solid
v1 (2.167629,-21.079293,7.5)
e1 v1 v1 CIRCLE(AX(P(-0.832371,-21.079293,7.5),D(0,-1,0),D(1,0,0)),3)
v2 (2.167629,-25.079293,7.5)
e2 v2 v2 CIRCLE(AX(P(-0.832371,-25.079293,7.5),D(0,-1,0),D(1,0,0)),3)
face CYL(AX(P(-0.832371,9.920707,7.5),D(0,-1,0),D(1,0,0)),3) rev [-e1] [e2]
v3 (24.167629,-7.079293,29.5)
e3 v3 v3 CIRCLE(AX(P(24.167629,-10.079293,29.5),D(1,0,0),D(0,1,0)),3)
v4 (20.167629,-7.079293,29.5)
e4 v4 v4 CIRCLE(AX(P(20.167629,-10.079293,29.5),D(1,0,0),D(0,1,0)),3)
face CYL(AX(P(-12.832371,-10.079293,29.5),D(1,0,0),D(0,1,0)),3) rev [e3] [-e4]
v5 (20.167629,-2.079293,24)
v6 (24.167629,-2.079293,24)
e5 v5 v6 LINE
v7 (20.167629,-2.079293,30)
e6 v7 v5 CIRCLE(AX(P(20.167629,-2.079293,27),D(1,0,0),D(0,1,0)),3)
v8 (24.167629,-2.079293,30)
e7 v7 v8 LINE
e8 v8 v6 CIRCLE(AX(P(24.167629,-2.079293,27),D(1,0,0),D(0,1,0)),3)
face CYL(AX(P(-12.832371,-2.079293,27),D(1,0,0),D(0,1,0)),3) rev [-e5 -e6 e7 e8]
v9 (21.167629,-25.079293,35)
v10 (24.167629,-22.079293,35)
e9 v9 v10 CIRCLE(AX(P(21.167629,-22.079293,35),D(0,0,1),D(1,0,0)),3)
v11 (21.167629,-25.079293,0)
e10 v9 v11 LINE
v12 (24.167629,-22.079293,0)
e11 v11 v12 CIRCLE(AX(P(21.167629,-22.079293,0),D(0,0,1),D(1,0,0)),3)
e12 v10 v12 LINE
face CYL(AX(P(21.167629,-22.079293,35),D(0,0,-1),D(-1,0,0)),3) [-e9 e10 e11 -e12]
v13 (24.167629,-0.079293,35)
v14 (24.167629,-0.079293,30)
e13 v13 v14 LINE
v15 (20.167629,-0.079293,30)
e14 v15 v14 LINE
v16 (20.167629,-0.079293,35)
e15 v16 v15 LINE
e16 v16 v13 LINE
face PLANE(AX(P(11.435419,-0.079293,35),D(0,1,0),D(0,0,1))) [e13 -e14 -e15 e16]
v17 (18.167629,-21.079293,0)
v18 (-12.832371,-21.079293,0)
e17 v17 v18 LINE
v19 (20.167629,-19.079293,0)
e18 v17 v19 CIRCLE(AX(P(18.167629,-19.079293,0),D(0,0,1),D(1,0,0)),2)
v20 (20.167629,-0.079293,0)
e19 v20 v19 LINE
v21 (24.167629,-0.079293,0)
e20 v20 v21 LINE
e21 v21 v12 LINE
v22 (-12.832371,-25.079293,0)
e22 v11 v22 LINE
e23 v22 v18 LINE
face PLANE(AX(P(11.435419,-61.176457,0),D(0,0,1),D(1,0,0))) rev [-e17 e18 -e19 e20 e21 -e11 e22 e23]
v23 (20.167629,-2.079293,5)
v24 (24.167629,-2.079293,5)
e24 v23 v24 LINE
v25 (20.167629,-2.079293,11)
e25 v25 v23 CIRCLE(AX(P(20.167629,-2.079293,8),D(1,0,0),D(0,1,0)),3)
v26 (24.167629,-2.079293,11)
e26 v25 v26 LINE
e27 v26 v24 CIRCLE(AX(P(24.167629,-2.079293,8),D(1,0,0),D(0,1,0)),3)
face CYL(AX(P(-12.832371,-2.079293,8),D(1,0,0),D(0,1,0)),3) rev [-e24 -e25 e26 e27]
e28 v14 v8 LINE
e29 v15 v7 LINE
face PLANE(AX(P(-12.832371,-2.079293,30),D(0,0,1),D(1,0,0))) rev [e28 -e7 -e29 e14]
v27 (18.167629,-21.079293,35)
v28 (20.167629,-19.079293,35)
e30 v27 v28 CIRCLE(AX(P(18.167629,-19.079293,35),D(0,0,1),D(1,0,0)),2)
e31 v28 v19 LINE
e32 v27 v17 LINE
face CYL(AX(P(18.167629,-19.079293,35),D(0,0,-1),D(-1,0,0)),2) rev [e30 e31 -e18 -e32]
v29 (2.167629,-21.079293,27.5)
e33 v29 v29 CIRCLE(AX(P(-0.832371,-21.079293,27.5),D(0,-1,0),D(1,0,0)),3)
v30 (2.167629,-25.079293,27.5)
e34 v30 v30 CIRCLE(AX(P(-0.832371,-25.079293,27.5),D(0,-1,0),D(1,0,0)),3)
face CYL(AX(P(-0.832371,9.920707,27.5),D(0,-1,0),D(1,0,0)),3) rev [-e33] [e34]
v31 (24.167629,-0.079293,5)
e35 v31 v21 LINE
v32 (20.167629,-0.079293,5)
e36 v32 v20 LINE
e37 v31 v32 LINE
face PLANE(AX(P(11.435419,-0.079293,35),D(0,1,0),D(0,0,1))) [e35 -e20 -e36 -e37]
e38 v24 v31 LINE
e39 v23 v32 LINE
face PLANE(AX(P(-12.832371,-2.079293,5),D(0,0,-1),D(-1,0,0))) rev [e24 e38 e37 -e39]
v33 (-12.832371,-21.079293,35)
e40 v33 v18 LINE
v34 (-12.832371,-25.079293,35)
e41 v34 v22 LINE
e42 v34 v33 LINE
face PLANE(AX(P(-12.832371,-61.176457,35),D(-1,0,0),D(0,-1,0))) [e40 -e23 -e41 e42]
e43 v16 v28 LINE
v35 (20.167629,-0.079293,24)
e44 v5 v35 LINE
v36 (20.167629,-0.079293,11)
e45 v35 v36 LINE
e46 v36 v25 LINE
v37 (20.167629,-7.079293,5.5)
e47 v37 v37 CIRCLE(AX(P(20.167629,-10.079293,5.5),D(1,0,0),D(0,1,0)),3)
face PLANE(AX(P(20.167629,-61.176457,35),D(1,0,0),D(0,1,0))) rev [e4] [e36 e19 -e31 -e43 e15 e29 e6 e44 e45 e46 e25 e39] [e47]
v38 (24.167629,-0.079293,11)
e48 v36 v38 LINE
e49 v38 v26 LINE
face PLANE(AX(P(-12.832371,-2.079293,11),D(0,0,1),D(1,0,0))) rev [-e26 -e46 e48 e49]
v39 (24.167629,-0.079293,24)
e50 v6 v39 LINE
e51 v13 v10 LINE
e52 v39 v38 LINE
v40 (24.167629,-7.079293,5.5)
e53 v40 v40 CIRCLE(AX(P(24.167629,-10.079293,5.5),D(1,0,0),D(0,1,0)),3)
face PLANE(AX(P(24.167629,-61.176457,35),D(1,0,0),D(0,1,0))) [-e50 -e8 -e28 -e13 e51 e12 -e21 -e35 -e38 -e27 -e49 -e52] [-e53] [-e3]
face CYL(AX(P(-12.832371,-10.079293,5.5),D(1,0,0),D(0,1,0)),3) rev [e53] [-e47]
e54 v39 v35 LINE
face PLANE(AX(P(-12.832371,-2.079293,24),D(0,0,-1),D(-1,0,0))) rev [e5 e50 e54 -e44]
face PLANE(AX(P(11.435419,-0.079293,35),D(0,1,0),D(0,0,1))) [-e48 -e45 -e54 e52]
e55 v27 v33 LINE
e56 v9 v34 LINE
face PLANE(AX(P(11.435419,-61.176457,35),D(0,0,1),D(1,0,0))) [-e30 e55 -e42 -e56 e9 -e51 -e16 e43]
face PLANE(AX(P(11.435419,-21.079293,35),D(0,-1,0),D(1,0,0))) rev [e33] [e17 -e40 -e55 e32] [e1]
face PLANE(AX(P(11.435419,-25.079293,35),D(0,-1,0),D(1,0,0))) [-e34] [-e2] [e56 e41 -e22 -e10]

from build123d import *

# Parameters (mm, degrees)
EXTRUDE_1_DEPTH     = 35
SKETCH_2_R          = 3
CUT_EXTRUDE_2_DEPTH = 35
SKETCH_3_R          = 3
EXTRUDE_4_DEPTH     = 37
SKETCH_3_2_R        = 3
CUT_EXTRUDE_5_DEPTH = 57.771215716


with BuildPart() as part:
    # 草图1 → 拉伸1 (new body)
    with BuildSketch(Plane.XY):
        with BuildLine():
            ThreePointArc((18.167628925, -21.079292929), (19.581842488, -20.493506492), (20.167628925, -19.079292929))
            Line((20.167628925, -19.079292929), (20.167628925, -0.079292929))
            Line((20.167628925, -0.079292929), (24.167628925, -0.079292929))
            Line((24.167628925, -0.079292929), (24.167628925, -22.079292929))
            ThreePointArc((24.167628925, -22.079292929), (23.288949269, -24.200613273), (21.167628925, -25.079292929))
            Line((21.167628925, -25.079292929), (-12.832371075, -25.079292929))
            Line((-12.832371075, -25.079292929), (-12.832371075, -21.079292929))
            Line((-12.832371075, -21.079292929), (18.167628925, -21.079292929))
        make_face()
    extrude(amount=EXTRUDE_1_DEPTH)

    # 草图2 → 拉伸2 (cut)
    with BuildSketch(Plane.XZ.offset(25.079292929)):
        with Locations((-0.832371075, 7.5)):
            Circle(SKETCH_2_R)
        with Locations((-0.832371075, 27.5)):
            Circle(SKETCH_2_R)
    extrude(amount=-CUT_EXTRUDE_2_DEPTH, mode=Mode.SUBTRACT)

    # 草图3 → 拉伸4 (add, through all)
    with BuildSketch(Plane(origin=(24.167628925, 0, 0), x_dir=(0, 0, -1), z_dir=(1, 0, 0))):
        with Locations(Location((-5.5, -10.079292929, 0), (0, 0, 90))):
            Circle(SKETCH_3_R)
        with Locations(Location((-29.5, -10.079292929, 0), (0, 0, 90))):
            Circle(SKETCH_3_R)
        with BuildLine():
            Line((-5, -2.079292929), (-5, 0.455458984))
            Line((-5, 0.455458984), (-11, 0.455458984))
            Line((-11, 0.455458984), (-11, -2.079292929))
            ThreePointArc((-11, -2.079292929), (-8, -5.079292929), (-5, -2.079292929))
        make_face()
        with BuildLine():
            Line((-24, -2.079292929), (-24, 0.455458984))
            Line((-24, 0.455458984), (-30, 0.455458984))
            Line((-30, 0.455458984), (-30, -2.079292929))
            ThreePointArc((-30, -2.079292929), (-27, -5.079292929), (-24, -2.079292929))
        make_face()
    extrude(amount=-EXTRUDE_4_DEPTH)

    # 草图3<2> → 拉伸5 (cut, through all)
    with BuildSketch(Plane(origin=(24.167628925, 0, 0), x_dir=(0, 0, -1), z_dir=(1, 0, 0))):
        with Locations(Location((-5.5, -10.079292929, 0), (0, 0, 90))):
            Circle(SKETCH_3_2_R)
        with Locations(Location((-29.5, -10.079292929, 0), (0, 0, 90))):
            Circle(SKETCH_3_2_R)
        with BuildLine():
            Line((-5, -2.079292929), (-5, 0.455458984))
            Line((-5, 0.455458984), (-11, 0.455458984))
            Line((-11, 0.455458984), (-11, -2.079292929))
            ThreePointArc((-11, -2.079292929), (-8, -5.079292929), (-5, -2.079292929))
        make_face()
        with BuildLine():
            Line((-24, -2.079292929), (-24, 0.455458984))
            Line((-24, 0.455458984), (-30, 0.455458984))
            Line((-30, 0.455458984), (-30, -2.079292929))
            ThreePointArc((-30, -2.079292929), (-27, -5.079292929), (-24, -2.079292929))
        make_face()
    extrude(amount=-CUT_EXTRUDE_5_DEPTH, mode=Mode.SUBTRACT)


solid = part.part
